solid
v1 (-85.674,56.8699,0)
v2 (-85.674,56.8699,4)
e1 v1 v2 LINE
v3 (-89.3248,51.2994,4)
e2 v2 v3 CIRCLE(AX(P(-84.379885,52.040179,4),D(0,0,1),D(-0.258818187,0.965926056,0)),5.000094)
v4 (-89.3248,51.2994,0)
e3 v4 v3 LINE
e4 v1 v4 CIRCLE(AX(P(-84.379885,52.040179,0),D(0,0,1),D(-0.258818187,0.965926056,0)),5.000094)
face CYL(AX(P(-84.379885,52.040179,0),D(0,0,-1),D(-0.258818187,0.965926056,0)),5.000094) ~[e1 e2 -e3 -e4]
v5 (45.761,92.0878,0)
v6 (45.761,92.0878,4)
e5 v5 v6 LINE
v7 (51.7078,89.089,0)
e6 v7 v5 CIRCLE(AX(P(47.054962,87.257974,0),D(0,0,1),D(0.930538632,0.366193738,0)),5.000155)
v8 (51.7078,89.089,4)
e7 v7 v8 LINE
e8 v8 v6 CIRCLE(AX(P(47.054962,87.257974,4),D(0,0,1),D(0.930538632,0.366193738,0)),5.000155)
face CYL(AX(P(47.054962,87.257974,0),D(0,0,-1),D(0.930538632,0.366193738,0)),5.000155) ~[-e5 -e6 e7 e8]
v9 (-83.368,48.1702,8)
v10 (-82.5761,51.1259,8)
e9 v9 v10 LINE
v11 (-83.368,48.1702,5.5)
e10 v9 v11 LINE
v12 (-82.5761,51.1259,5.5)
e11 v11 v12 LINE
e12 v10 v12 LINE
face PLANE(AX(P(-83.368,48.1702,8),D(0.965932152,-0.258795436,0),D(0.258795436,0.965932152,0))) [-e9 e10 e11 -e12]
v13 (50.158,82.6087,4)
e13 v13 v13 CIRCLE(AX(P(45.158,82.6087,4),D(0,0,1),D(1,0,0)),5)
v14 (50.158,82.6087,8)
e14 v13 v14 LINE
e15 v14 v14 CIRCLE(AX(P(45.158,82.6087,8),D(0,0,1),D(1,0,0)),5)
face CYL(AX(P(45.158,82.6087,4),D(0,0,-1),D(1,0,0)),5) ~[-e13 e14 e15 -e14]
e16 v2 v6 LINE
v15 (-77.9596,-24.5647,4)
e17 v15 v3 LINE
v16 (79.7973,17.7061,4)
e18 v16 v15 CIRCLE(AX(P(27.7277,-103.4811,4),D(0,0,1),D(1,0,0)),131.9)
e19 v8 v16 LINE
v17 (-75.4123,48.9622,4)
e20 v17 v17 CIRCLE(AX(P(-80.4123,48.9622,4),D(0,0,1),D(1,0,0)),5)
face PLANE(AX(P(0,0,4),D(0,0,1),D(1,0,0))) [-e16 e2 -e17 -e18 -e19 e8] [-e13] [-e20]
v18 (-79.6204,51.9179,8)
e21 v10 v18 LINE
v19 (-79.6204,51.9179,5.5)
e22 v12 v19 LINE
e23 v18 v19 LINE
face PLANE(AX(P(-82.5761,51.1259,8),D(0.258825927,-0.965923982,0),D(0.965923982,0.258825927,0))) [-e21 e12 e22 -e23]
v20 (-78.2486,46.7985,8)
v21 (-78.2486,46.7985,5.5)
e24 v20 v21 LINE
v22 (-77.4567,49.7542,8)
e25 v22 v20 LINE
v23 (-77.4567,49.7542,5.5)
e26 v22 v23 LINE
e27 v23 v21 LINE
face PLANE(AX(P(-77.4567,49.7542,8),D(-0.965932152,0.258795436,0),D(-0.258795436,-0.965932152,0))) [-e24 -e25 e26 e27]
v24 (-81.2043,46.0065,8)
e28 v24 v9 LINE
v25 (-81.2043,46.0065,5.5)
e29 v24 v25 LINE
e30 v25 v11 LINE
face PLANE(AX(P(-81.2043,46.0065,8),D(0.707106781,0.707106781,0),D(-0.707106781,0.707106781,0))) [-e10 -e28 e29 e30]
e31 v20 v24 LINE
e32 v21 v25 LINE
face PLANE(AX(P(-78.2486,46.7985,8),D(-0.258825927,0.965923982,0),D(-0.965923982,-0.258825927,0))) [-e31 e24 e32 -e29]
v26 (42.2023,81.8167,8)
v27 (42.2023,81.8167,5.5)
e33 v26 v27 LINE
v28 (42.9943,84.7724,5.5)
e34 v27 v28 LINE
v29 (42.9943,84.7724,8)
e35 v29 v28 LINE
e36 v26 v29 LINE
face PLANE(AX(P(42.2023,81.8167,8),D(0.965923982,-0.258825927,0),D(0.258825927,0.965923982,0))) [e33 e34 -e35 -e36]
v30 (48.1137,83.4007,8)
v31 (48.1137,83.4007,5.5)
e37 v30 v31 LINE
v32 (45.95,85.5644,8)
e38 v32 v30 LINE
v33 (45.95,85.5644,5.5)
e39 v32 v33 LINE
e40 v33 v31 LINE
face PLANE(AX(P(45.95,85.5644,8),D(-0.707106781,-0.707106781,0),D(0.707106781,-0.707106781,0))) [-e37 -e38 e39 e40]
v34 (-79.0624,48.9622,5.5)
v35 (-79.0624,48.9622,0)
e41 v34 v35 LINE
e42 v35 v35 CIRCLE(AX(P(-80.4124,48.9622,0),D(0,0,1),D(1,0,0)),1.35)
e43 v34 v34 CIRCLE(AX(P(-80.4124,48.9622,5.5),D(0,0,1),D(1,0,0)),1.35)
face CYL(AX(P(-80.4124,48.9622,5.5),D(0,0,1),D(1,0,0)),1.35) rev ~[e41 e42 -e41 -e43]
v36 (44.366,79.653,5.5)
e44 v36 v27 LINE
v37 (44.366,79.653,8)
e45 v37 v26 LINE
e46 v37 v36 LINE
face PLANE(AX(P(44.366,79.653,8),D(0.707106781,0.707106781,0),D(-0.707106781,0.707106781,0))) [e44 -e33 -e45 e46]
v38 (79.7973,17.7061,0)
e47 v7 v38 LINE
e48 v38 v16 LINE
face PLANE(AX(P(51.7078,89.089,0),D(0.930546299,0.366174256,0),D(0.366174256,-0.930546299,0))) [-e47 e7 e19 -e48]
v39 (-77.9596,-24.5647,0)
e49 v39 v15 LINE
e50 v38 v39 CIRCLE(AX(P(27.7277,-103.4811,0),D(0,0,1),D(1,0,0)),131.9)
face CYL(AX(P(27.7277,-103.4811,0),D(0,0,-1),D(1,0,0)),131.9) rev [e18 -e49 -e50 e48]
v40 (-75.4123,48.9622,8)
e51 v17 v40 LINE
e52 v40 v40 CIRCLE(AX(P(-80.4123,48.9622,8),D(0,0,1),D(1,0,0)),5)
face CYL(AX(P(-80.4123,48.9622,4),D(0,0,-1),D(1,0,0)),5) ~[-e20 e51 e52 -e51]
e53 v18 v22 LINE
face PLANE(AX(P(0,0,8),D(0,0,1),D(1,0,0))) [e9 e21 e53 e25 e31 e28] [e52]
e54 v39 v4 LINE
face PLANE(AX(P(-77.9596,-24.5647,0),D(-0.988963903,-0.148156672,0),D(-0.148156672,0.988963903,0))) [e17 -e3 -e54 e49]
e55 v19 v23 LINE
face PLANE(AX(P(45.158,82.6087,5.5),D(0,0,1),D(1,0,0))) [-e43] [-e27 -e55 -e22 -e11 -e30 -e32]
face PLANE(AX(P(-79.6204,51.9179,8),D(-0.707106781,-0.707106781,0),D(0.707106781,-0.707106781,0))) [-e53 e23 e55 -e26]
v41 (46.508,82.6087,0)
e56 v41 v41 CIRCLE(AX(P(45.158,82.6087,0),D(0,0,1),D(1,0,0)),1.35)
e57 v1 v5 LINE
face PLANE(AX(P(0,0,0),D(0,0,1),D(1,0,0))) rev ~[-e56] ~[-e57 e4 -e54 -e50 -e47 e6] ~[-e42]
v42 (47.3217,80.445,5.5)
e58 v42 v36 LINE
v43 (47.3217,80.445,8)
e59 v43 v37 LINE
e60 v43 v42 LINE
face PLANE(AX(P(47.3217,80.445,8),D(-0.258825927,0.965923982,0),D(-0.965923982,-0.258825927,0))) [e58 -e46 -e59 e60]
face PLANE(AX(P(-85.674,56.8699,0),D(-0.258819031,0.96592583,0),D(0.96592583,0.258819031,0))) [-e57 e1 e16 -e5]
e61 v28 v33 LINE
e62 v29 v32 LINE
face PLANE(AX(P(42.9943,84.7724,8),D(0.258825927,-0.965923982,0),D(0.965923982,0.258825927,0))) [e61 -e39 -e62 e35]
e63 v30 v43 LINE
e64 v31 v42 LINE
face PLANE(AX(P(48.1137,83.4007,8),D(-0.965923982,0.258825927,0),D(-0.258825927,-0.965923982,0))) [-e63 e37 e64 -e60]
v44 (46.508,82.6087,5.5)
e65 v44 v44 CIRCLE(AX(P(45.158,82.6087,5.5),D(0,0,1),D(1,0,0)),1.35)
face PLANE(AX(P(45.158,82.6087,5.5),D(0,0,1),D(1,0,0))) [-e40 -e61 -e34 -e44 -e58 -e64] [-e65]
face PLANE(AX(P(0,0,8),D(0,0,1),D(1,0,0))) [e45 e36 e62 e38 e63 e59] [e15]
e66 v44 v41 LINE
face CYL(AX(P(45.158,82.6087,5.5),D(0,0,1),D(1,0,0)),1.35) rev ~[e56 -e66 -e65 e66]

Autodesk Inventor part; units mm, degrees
ref_plane "YZ Plane" through (0, 0, 0) normal (1, 0, 0) x (0, 1, 0)
ref_plane "XZ Plane" through (0, 0, 0) normal (0, 1, 0) x (-1, 0, 0)
ref_plane "XY Plane" through (0, 0, 0) normal (0, 0, 1) x (1, 0, 0)
ref_plane "Płaszczyzna konstrukcyjna1" through (0, 0, 0) normal (0, 0, 1) x (1, 0, 0)
sketch "Szkic1" plane through (0, 0, 0) normal (0, 0, 1) x (1, 0, 0)
  line L0 (-77.9596, -24.5647) -> (-89.3248, 51.2994) projected
  arc A0 (-85.674, 56.8699) -> (-89.3248, 51.2994) centre (-84.3799, 52.0402) ccw projected
  line L1 (-85.674, 56.8699) -> (45.761, 92.0878) projected
  arc A1 (51.7078, 89.089) -> (45.761, 92.0878) centre (47.0551, 87.2581) ccw projected
  line L2 (51.7078, 89.089) -> (79.7973, 17.7061) projected
  circle A2 centre (27.7277, -103.4811) radius 131.9 projected
  line L3 (-77.9596, -24.5647) -> (-89.3248, 51.2994)
  line L4 (79.7973, 17.7061) -> (51.7078, 89.089)
  arc A3 (79.7973, 17.7061) -> (-77.9596, -24.5647) centre (27.7277, -103.4811) ccw
  arc A4 (-85.674, 56.8699) -> (-89.3248, 51.2994) centre (-84.3799, 52.0402) ccw
  arc A5 (51.7078, 89.089) -> (45.761, 92.0878) centre (47.0551, 87.2581) ccw
  line L5 (-85.674, 56.8699) -> (45.761, 92.0878)
  point P0 (0, 0)
extrude "Wyciągnięcie proste1" add sketch "Szkic1" along normal blind 4 contours L0 A0 L1 A1 L2 A2
sketch "Szkic2" plane through (0, 0, 4) normal (0, 0, 1) x (1, 0, 0)
  circle A0 centre (-80.4123, 48.9622) radius 5
  line L0 (-37.9291, 141.5533) -> (24.1284, -90.0484) construction
  line L1 (45.761, 92.0878) -> (-85.674, 56.8699) construction
  circle A1 centre (45.158, 82.6087) radius 5
  point P0 (0, 0)
  dimension "d2" = 10
  dimension "d3" = 65
  dimension "d4" = 9
extrude "Wyciągnięcie proste2" add sketch "Szkic2" along normal blind 4
sketch "Szkic3" plane through (45.158, 82.6087, 8) normal (0, 0, 1) x (1, 0, 0)
  circle A0 centre (0, 0) radius 5 projected
  circle A1 centre (-125.5704, -33.6465) radius 5 projected
  line L0 (-124.7784, -30.6908) -> (-122.6147, -32.8545)
  line L1 (-122.6147, -32.8545) -> (-123.4066, -35.8102)
  line L2 (-123.4066, -35.8102) -> (-126.3623, -36.6022)
  line L3 (-126.3623, -36.6022) -> (-128.526, -34.4385)
  line L4 (-128.526, -34.4385) -> (-127.7341, -31.4828)
  line L5 (-127.7341, -31.4828) -> (-124.7784, -30.6908)
  line L6 (0.792, 2.9557) -> (2.9557, 0.792)
  line L7 (2.9557, 0.792) -> (2.1637, -2.1637)
  line L8 (2.1637, -2.1637) -> (-0.792, -2.9557)
  line L9 (-0.792, -2.9557) -> (-2.9557, -0.792)
  line L10 (-2.9557, -0.792) -> (-2.1637, 2.1637)
  line L11 (-2.1637, 2.1637) -> (0.792, 2.9557)
  line L12 (0.6029, 9.479) -> (-130.832, -25.7389) projected
  point P0 (-45.158, -82.6087)
  dimension "d7" = 5.3
  dimension "d8" = 5.3
extrude "Wyciągnięcie proste3" cut sketch "Szkic3" against normal blind 2.5 contours L0 L1 L2 L3 L4 L5 | L6 L7 L8 L9 L10 L11
sketch "Szkic4" plane through (45.158, 82.6087, 5.5) normal (0, 0, 1) x (1, 0, 0)
  circle A0 centre (0, 0) radius 5 projected
  circle A1 centre (-125.5704, -33.6465) radius 5 projected
  circle A2 centre (0, 0) radius 1.35
  circle A3 centre (-125.5704, -33.6465) radius 1.35
  point P0 (-45.158, -82.6087)
  dimension "d11" = 2.7
  dimension "d12" = 2.7
extrude "Wyciągnięcie proste4" cut sketch "Szkic4" against normal up to next contours A2 | A3
equation "\"d8\" = d7"
equation "\"d12\" = d11"
properties part number "housing_undercover"
